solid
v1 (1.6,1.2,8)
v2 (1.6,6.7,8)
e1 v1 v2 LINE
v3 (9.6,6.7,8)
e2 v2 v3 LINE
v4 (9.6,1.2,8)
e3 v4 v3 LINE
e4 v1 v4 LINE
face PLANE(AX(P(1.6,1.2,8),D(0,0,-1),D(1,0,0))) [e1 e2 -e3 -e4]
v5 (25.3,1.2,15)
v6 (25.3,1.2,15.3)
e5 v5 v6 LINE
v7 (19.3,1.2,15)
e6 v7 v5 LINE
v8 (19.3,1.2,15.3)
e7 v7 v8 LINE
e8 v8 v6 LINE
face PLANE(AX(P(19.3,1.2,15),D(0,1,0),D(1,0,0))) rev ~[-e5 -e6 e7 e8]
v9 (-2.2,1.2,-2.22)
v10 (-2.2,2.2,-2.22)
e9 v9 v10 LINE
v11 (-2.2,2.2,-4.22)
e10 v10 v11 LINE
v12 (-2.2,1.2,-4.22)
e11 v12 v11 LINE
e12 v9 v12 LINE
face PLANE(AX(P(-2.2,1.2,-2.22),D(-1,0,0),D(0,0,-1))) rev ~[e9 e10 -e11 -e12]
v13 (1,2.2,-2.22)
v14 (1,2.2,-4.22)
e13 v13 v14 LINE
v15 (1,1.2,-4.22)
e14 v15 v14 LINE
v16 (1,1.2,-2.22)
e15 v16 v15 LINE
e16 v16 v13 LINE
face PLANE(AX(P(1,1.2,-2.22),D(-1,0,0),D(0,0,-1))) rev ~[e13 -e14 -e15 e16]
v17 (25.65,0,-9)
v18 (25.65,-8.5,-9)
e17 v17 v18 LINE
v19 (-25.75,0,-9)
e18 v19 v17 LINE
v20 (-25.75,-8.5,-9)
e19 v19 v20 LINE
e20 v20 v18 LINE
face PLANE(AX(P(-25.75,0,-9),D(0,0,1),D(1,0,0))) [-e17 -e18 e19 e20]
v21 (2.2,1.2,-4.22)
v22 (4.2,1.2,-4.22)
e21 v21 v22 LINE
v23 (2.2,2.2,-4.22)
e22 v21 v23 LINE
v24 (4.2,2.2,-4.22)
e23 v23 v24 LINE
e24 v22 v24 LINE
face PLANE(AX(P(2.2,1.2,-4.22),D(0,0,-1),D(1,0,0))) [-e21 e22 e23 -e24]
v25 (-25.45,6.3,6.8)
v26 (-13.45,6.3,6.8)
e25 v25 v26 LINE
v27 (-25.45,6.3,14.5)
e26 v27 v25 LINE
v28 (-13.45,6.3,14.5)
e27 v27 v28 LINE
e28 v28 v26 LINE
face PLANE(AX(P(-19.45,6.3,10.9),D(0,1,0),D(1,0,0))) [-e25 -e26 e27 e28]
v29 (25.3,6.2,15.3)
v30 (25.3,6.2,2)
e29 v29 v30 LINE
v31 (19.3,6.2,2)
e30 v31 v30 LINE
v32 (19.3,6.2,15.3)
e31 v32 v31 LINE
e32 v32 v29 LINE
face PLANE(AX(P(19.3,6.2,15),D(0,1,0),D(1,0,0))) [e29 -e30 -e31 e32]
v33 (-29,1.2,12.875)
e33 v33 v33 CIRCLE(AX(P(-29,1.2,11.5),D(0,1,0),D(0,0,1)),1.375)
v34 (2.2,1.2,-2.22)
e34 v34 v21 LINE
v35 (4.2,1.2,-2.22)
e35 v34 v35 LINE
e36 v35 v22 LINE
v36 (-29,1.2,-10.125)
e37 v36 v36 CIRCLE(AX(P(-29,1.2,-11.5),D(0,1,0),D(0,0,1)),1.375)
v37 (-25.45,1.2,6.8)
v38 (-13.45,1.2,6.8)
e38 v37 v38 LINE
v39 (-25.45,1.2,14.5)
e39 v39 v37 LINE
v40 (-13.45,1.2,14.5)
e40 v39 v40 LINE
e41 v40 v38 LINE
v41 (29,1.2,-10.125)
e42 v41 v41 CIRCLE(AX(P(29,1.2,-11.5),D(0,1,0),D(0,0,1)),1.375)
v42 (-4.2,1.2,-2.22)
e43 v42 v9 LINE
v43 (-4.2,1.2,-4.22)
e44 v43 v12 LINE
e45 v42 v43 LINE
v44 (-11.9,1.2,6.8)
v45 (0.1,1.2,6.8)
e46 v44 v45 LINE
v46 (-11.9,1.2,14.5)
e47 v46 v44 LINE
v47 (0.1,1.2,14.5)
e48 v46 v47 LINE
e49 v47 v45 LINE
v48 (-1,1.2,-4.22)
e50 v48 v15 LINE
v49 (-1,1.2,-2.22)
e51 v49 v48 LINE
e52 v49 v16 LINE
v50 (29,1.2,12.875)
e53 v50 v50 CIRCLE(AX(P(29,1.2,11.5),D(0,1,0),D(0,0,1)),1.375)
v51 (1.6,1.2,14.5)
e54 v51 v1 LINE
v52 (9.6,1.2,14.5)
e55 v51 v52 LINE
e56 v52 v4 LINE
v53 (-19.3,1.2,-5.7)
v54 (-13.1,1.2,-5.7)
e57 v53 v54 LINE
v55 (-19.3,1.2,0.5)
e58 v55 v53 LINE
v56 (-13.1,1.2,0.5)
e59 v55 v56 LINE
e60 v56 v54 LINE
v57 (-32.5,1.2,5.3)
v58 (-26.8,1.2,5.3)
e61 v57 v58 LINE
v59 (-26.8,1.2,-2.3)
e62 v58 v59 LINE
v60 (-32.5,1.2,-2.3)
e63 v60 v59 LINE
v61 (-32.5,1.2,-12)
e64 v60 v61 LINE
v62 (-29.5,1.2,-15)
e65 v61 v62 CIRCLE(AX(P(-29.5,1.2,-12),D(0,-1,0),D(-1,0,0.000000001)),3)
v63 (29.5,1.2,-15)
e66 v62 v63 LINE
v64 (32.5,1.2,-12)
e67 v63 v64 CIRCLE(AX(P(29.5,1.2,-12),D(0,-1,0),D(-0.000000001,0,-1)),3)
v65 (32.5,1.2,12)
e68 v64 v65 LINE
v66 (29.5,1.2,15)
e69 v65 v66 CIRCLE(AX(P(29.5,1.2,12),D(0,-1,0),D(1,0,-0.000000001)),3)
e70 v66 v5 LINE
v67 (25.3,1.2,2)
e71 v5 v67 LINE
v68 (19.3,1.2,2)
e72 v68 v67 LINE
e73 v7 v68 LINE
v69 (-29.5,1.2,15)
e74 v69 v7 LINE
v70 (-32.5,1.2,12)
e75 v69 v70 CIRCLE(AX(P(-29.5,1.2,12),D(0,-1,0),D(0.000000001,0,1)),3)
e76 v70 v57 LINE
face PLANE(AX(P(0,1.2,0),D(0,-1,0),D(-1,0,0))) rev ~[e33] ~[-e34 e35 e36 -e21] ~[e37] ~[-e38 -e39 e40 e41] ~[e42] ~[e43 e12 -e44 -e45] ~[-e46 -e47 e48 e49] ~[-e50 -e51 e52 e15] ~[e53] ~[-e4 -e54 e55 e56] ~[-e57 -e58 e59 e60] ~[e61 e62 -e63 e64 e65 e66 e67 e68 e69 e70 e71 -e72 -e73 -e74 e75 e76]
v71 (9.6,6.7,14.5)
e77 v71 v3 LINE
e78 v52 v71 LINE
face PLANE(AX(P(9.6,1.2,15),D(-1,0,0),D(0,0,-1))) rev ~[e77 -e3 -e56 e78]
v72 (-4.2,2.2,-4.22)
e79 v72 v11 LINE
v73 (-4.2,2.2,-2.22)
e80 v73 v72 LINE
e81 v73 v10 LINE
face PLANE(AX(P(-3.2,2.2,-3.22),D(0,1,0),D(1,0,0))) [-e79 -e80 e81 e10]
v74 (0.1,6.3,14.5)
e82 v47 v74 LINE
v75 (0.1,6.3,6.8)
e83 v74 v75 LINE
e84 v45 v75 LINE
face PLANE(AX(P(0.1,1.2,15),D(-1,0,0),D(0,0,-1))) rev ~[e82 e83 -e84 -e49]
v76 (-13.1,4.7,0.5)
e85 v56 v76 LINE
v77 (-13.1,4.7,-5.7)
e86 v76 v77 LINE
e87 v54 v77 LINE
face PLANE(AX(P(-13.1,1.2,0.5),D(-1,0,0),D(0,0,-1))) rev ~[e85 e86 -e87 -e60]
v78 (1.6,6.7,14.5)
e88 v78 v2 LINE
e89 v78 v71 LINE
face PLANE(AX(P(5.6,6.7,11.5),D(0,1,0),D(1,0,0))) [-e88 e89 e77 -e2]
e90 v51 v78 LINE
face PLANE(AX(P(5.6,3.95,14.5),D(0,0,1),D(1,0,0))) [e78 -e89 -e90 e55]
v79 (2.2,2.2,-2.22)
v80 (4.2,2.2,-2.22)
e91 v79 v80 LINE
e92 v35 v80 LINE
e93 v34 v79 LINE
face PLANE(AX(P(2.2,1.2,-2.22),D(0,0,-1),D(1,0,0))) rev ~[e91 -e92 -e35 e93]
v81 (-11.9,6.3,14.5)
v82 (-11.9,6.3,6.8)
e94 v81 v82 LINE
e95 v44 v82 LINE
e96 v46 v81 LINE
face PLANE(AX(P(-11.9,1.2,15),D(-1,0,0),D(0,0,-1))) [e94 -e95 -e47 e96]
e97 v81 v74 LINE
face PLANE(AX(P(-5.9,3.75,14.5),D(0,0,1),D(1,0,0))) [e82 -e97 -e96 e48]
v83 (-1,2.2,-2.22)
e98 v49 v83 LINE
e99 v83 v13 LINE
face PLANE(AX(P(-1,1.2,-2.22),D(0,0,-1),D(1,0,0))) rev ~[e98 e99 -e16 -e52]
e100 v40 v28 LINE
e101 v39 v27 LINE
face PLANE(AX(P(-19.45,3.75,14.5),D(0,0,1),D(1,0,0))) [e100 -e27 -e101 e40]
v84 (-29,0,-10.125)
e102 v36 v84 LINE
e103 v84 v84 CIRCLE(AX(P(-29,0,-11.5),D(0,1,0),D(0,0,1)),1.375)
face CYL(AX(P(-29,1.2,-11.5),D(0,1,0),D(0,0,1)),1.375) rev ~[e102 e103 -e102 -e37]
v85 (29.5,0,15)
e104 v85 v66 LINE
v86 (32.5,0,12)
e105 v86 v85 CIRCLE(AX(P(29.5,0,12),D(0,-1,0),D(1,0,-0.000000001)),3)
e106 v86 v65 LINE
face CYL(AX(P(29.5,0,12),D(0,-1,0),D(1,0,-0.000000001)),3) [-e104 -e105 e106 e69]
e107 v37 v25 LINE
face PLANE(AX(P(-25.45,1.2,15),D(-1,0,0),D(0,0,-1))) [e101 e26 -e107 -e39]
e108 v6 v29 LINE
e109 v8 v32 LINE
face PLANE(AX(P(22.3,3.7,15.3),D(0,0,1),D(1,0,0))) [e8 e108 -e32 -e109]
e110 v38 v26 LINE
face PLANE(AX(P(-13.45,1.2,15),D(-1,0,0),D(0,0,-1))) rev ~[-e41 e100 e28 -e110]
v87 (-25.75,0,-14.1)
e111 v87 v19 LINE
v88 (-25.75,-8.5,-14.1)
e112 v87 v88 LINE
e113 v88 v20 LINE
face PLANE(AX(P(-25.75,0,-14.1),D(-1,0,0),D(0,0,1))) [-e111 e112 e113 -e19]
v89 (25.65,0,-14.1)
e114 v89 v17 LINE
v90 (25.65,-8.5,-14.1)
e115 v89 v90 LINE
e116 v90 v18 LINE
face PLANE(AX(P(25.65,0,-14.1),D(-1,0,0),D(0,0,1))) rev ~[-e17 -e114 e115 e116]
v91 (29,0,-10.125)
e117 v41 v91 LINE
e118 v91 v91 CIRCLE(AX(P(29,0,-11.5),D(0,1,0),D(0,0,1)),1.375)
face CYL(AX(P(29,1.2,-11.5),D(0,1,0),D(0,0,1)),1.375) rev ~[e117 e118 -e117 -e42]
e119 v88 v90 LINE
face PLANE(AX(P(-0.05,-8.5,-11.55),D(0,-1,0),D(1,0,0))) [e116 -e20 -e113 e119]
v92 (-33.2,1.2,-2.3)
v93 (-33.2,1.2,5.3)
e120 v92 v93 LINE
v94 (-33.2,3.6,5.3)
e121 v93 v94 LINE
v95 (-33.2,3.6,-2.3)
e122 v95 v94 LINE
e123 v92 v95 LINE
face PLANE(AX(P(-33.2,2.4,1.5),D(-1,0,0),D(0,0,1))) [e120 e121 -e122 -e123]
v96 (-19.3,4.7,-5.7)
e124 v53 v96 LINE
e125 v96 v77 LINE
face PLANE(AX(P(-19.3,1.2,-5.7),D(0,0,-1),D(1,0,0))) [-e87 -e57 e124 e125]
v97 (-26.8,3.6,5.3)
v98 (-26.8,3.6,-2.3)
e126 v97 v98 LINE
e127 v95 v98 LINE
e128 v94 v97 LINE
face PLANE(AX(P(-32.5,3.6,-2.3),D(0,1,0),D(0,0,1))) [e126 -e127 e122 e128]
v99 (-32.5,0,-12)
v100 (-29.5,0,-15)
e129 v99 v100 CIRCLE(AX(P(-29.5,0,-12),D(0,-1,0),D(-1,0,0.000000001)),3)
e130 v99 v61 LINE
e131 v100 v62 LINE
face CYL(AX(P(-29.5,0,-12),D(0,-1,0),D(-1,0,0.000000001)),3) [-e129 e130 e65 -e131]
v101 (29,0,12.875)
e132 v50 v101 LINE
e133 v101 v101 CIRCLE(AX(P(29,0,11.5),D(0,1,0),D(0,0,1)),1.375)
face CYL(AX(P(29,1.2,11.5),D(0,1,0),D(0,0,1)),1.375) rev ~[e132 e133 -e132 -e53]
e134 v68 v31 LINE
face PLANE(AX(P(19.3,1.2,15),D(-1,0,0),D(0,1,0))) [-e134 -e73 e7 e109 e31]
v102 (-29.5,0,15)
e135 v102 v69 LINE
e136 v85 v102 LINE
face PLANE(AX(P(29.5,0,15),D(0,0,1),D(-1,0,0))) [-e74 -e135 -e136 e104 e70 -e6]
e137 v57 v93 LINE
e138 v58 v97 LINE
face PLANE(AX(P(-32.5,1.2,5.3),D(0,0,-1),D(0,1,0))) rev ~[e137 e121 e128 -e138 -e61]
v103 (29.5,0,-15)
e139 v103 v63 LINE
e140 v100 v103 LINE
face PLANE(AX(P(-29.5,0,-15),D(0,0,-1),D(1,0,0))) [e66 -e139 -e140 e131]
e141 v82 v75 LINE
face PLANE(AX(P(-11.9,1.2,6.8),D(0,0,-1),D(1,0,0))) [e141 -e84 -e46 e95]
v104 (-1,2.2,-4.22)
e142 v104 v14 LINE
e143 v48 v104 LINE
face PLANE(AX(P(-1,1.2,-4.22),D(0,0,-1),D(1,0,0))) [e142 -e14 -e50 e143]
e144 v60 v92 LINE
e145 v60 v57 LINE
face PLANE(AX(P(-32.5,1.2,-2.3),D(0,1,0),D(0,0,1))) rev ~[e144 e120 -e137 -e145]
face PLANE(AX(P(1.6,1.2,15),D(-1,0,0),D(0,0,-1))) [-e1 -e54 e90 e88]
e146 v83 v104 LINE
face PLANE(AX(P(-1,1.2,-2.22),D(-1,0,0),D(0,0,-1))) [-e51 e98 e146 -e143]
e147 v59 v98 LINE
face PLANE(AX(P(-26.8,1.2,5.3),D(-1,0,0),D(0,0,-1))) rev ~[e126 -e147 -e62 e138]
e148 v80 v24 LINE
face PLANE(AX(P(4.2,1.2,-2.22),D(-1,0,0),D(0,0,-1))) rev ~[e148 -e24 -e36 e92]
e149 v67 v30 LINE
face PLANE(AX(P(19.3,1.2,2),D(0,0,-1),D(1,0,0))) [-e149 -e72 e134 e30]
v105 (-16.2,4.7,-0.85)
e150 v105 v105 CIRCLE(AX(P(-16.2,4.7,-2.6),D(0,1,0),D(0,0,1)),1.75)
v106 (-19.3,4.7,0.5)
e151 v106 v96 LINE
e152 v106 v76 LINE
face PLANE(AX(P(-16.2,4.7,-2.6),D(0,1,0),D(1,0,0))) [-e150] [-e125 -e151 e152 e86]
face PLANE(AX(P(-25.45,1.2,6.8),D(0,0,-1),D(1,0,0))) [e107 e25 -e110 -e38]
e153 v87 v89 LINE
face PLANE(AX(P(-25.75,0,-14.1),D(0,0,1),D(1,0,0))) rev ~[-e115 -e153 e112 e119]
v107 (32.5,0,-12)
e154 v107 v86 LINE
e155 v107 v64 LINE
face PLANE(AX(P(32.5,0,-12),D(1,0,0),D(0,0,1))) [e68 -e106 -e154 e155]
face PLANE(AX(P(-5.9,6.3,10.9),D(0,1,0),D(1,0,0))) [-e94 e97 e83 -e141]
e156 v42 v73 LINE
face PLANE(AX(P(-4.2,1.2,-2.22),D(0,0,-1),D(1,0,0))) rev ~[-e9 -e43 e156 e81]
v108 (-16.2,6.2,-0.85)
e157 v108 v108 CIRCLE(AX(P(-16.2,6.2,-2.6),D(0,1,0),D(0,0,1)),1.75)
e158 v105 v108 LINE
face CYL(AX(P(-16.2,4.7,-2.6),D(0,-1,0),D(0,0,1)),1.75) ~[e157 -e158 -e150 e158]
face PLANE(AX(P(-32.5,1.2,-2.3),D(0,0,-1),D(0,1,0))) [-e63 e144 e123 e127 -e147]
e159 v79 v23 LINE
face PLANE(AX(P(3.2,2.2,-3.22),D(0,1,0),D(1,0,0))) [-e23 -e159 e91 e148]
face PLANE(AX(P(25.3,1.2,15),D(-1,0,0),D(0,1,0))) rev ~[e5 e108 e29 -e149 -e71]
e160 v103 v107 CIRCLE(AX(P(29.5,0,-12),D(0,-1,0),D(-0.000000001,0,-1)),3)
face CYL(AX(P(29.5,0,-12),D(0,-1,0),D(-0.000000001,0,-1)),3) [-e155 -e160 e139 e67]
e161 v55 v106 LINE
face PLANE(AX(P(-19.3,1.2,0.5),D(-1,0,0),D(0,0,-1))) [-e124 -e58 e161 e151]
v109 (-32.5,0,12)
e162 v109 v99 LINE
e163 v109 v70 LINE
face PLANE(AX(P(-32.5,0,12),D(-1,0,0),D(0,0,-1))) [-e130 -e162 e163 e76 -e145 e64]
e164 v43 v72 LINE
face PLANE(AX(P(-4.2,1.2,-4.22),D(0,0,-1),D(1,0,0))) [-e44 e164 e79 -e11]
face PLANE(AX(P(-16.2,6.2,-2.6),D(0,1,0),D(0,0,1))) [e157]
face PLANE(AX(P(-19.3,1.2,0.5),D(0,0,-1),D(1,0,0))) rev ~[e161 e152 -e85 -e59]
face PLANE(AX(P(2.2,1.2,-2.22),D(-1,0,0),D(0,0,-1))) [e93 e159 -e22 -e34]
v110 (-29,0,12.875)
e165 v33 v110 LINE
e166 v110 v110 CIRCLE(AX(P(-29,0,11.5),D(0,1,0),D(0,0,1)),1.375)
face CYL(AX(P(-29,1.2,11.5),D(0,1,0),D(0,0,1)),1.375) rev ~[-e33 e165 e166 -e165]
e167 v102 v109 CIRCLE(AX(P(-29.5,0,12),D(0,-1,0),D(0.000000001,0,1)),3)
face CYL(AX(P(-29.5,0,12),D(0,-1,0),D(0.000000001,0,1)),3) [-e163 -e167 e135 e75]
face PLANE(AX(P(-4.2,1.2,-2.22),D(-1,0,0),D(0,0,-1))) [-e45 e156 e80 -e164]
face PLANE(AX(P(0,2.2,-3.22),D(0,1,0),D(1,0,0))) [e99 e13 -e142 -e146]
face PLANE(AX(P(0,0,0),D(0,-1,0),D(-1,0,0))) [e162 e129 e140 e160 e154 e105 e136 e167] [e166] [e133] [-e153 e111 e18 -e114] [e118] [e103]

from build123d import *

# Parameters (mm, degrees)
EXTRUDE_1_DEPTH     = 1.2
SKETCH_2_R          = 1.375
CUT_EXTRUDE_1_DEPTH = 1.2
SKETCH_3_W          = 6
SKETCH_3_H          = 13
EXTRUDE_2_DEPTH     = 5
SKETCH_4_W          = 6
SKETCH_4_H          = 5
EXTRUDE_3_DEPTH     = 0.3
SKETCH_5_W          = 8
SKETCH_5_H          = 7
EXTRUDE_4_DEPTH     = 5.5
SKETCH_6_W          = 12
SKETCH_6_H          = 8.2
EXTRUDE_5_DEPTH     = 5.1
SKETCH_7_W          = 12
SKETCH_7_H          = 8.2
EXTRUDE_6_DEPTH     = 5.1
SKETCH_8_W          = 5.7
SKETCH_8_H          = 7.6
EXTRUDE_7_DEPTH     = 2.4
SKETCH_9_W          = 7.6
SKETCH_9_H          = 2.4
EXTRUDE_8_DEPTH     = 0.7
SKETCH_10_W         = 12
SKETCH_10_H         = 5.1
SKETCH_10_W_2       = 8
SKETCH_10_H_2       = 5.5
CUT_EXTRUDE_2_DEPTH = 0.5
SKETCH_11_W         = 51.4
SKETCH_11_H         = 5.1
EXTRUDE_9_DEPTH     = 8.5
SKETCH_12_W         = 6.2
SKETCH_12_H         = 6.2
EXTRUDE_10_DEPTH    = 3.5
SKETCH_13_R         = 1.75
EXTRUDE_11_DEPTH    = 1.5
SKETCH_14_W         = 2
SKETCH_14_H         = 2
EXTRUDE_12_DEPTH    = 1


with BuildPart() as part:
    # 草图1 → 凸台-拉伸1 (new body)
    with BuildSketch(Plane(origin=(0, 0, 0), x_dir=(1, 0, 0), z_dir=(0, 1, 0))):
        with BuildLine():
            Line((-29.5, 15), (29.5, 15))
            ThreePointArc((29.5, 15), (31.621320344, 14.121320344), (32.5, 12))
            Line((32.5, 12), (32.5, -12))
            ThreePointArc((32.5, -12), (31.621320344, -14.121320344), (29.5, -15))
            Line((29.5, -15), (-29.5, -15))
            ThreePointArc((-29.5, -15), (-31.621320344, -14.121320344), (-32.5, -12))
            Line((-32.5, -12), (-32.5, 12))
            ThreePointArc((-32.5, 12), (-31.621320344, 14.121320344), (-29.5, 15))
        make_face()
    extrude(amount=EXTRUDE_1_DEPTH)

    # 草图2 → 切除-拉伸1 (cut)
    with BuildSketch(Plane(origin=(0, 1.2, 0), x_dir=(1, 0, 0), z_dir=(0, 1, 0))):
        with Locations(Location((29, -11.5, 0), (0, 0, 270))):
            Circle(SKETCH_2_R)
        with Locations(Location((29, 11.5, 0), (0, 0, 270))):
            Circle(SKETCH_2_R)
        with Locations(Location((-29, -11.5, 0), (0, 0, 270))):
            Circle(SKETCH_2_R)
        with Locations(Location((-29, 11.5, 0), (0, 0, 270))):
            Circle(SKETCH_2_R)
    extrude(amount=-CUT_EXTRUDE_1_DEPTH, mode=Mode.SUBTRACT)

    # 草图3 → 凸台-拉伸2 (add)
    with BuildSketch(Plane(origin=(0, 1.2, 0), x_dir=(1, 0, 0), z_dir=(0, 1, 0))):
        with Locations((22.3, -8.5)):
            Rectangle(SKETCH_3_W, SKETCH_3_H)
    extrude(amount=EXTRUDE_2_DEPTH)

    # 草图4 → 凸台-拉伸3 (add)
    with BuildSketch(Plane.XY.offset(15)):
        with Locations((22.3, 3.7)):
            Rectangle(SKETCH_4_W, SKETCH_4_H)
    extrude(amount=EXTRUDE_3_DEPTH)

    # 草图5 → 凸台-拉伸4 (add)
    with BuildSketch(Plane(origin=(0, 1.2, 0), x_dir=(1, 0, 0), z_dir=(0, 1, 0))):
        with Locations((5.6, -11.5)):
            Rectangle(SKETCH_5_W, SKETCH_5_H)
    extrude(amount=EXTRUDE_4_DEPTH)

    # 草图6 → 凸台-拉伸5 (add)
    with BuildSketch(Plane(origin=(0, 1.2, 0), x_dir=(1, 0, 0), z_dir=(0, 1, 0))):
        with Locations((-5.9, -10.9)):
            Rectangle(SKETCH_6_W, SKETCH_6_H)
    extrude(amount=EXTRUDE_5_DEPTH)

    # 草图7 → 凸台-拉伸6 (add)
    with BuildSketch(Plane(origin=(0, 1.2, 0), x_dir=(1, 0, 0), z_dir=(0, 1, 0))):
        with Locations((-19.45, -10.9)):
            Rectangle(SKETCH_7_W, SKETCH_7_H)
    extrude(amount=EXTRUDE_6_DEPTH)

    # 草图8 → 凸台-拉伸7 (add)
    with BuildSketch(Plane(origin=(0, 1.2, 0), x_dir=(1, 0, 0), z_dir=(0, 1, 0))):
        with Locations((-29.65, -1.5)):
            Rectangle(SKETCH_8_W, SKETCH_8_H)
    extrude(amount=EXTRUDE_7_DEPTH)

    # 草图9 → 凸台-拉伸8 (add)
    with BuildSketch(Plane.ZY.offset(32.5)):
        with Locations((1.5, 2.4)):
            Rectangle(SKETCH_9_W, SKETCH_9_H)
    extrude(amount=EXTRUDE_8_DEPTH)

    # 草图10 → 切除-拉伸2 (cut)
    with BuildSketch(Plane.XY.offset(15)):
        with Locations((-19.45, 3.75)):
            Rectangle(SKETCH_10_W, SKETCH_10_H)
        with Locations((-5.9, 3.75)):
            Rectangle(SKETCH_10_W, SKETCH_10_H)
        with Locations((5.6, 3.95)):
            Rectangle(SKETCH_10_W_2, SKETCH_10_H_2)
    extrude(amount=-CUT_EXTRUDE_2_DEPTH, mode=Mode.SUBTRACT)

    # 草图11 → 凸台-拉伸9 (add)
    with BuildSketch(Plane.XZ):
        with Locations((-0.05, -11.55)):
            Rectangle(SKETCH_11_W, SKETCH_11_H)
    extrude(amount=EXTRUDE_9_DEPTH)

    # 草图12 → 凸台-拉伸10 (add)
    with BuildSketch(Plane(origin=(0, 1.2, 0), x_dir=(1, 0, 0), z_dir=(0, 1, 0))):
        with Locations((-16.2, 2.6)):
            Rectangle(SKETCH_12_W, SKETCH_12_H)
    extrude(amount=EXTRUDE_10_DEPTH)

    # 草图13 → 凸台-拉伸11 (add)
    with BuildSketch(Plane(origin=(0, 4.7, 0), x_dir=(1, 0, 0), z_dir=(0, 1, 0))):
        with Locations(Location((-16.2, 2.6, 0), (0, 0, 270))):
            Circle(SKETCH_13_R)
    extrude(amount=EXTRUDE_11_DEPTH)

    # 草图14 → 凸台-拉伸12 (add)
    with BuildSketch(Plane(origin=(0, 1.2, 0), x_dir=(1, 0, 0), z_dir=(0, 1, 0))):
        with Locations((3.2, 3.22)):
            Rectangle(SKETCH_14_W, SKETCH_14_H)
        with Locations((0, 3.22)):
            Rectangle(SKETCH_14_W, SKETCH_14_H)
        with Locations((-3.2, 3.22)):
            Rectangle(SKETCH_14_W, SKETCH_14_H)
    extrude(amount=EXTRUDE_12_DEPTH)


solid = part.part
